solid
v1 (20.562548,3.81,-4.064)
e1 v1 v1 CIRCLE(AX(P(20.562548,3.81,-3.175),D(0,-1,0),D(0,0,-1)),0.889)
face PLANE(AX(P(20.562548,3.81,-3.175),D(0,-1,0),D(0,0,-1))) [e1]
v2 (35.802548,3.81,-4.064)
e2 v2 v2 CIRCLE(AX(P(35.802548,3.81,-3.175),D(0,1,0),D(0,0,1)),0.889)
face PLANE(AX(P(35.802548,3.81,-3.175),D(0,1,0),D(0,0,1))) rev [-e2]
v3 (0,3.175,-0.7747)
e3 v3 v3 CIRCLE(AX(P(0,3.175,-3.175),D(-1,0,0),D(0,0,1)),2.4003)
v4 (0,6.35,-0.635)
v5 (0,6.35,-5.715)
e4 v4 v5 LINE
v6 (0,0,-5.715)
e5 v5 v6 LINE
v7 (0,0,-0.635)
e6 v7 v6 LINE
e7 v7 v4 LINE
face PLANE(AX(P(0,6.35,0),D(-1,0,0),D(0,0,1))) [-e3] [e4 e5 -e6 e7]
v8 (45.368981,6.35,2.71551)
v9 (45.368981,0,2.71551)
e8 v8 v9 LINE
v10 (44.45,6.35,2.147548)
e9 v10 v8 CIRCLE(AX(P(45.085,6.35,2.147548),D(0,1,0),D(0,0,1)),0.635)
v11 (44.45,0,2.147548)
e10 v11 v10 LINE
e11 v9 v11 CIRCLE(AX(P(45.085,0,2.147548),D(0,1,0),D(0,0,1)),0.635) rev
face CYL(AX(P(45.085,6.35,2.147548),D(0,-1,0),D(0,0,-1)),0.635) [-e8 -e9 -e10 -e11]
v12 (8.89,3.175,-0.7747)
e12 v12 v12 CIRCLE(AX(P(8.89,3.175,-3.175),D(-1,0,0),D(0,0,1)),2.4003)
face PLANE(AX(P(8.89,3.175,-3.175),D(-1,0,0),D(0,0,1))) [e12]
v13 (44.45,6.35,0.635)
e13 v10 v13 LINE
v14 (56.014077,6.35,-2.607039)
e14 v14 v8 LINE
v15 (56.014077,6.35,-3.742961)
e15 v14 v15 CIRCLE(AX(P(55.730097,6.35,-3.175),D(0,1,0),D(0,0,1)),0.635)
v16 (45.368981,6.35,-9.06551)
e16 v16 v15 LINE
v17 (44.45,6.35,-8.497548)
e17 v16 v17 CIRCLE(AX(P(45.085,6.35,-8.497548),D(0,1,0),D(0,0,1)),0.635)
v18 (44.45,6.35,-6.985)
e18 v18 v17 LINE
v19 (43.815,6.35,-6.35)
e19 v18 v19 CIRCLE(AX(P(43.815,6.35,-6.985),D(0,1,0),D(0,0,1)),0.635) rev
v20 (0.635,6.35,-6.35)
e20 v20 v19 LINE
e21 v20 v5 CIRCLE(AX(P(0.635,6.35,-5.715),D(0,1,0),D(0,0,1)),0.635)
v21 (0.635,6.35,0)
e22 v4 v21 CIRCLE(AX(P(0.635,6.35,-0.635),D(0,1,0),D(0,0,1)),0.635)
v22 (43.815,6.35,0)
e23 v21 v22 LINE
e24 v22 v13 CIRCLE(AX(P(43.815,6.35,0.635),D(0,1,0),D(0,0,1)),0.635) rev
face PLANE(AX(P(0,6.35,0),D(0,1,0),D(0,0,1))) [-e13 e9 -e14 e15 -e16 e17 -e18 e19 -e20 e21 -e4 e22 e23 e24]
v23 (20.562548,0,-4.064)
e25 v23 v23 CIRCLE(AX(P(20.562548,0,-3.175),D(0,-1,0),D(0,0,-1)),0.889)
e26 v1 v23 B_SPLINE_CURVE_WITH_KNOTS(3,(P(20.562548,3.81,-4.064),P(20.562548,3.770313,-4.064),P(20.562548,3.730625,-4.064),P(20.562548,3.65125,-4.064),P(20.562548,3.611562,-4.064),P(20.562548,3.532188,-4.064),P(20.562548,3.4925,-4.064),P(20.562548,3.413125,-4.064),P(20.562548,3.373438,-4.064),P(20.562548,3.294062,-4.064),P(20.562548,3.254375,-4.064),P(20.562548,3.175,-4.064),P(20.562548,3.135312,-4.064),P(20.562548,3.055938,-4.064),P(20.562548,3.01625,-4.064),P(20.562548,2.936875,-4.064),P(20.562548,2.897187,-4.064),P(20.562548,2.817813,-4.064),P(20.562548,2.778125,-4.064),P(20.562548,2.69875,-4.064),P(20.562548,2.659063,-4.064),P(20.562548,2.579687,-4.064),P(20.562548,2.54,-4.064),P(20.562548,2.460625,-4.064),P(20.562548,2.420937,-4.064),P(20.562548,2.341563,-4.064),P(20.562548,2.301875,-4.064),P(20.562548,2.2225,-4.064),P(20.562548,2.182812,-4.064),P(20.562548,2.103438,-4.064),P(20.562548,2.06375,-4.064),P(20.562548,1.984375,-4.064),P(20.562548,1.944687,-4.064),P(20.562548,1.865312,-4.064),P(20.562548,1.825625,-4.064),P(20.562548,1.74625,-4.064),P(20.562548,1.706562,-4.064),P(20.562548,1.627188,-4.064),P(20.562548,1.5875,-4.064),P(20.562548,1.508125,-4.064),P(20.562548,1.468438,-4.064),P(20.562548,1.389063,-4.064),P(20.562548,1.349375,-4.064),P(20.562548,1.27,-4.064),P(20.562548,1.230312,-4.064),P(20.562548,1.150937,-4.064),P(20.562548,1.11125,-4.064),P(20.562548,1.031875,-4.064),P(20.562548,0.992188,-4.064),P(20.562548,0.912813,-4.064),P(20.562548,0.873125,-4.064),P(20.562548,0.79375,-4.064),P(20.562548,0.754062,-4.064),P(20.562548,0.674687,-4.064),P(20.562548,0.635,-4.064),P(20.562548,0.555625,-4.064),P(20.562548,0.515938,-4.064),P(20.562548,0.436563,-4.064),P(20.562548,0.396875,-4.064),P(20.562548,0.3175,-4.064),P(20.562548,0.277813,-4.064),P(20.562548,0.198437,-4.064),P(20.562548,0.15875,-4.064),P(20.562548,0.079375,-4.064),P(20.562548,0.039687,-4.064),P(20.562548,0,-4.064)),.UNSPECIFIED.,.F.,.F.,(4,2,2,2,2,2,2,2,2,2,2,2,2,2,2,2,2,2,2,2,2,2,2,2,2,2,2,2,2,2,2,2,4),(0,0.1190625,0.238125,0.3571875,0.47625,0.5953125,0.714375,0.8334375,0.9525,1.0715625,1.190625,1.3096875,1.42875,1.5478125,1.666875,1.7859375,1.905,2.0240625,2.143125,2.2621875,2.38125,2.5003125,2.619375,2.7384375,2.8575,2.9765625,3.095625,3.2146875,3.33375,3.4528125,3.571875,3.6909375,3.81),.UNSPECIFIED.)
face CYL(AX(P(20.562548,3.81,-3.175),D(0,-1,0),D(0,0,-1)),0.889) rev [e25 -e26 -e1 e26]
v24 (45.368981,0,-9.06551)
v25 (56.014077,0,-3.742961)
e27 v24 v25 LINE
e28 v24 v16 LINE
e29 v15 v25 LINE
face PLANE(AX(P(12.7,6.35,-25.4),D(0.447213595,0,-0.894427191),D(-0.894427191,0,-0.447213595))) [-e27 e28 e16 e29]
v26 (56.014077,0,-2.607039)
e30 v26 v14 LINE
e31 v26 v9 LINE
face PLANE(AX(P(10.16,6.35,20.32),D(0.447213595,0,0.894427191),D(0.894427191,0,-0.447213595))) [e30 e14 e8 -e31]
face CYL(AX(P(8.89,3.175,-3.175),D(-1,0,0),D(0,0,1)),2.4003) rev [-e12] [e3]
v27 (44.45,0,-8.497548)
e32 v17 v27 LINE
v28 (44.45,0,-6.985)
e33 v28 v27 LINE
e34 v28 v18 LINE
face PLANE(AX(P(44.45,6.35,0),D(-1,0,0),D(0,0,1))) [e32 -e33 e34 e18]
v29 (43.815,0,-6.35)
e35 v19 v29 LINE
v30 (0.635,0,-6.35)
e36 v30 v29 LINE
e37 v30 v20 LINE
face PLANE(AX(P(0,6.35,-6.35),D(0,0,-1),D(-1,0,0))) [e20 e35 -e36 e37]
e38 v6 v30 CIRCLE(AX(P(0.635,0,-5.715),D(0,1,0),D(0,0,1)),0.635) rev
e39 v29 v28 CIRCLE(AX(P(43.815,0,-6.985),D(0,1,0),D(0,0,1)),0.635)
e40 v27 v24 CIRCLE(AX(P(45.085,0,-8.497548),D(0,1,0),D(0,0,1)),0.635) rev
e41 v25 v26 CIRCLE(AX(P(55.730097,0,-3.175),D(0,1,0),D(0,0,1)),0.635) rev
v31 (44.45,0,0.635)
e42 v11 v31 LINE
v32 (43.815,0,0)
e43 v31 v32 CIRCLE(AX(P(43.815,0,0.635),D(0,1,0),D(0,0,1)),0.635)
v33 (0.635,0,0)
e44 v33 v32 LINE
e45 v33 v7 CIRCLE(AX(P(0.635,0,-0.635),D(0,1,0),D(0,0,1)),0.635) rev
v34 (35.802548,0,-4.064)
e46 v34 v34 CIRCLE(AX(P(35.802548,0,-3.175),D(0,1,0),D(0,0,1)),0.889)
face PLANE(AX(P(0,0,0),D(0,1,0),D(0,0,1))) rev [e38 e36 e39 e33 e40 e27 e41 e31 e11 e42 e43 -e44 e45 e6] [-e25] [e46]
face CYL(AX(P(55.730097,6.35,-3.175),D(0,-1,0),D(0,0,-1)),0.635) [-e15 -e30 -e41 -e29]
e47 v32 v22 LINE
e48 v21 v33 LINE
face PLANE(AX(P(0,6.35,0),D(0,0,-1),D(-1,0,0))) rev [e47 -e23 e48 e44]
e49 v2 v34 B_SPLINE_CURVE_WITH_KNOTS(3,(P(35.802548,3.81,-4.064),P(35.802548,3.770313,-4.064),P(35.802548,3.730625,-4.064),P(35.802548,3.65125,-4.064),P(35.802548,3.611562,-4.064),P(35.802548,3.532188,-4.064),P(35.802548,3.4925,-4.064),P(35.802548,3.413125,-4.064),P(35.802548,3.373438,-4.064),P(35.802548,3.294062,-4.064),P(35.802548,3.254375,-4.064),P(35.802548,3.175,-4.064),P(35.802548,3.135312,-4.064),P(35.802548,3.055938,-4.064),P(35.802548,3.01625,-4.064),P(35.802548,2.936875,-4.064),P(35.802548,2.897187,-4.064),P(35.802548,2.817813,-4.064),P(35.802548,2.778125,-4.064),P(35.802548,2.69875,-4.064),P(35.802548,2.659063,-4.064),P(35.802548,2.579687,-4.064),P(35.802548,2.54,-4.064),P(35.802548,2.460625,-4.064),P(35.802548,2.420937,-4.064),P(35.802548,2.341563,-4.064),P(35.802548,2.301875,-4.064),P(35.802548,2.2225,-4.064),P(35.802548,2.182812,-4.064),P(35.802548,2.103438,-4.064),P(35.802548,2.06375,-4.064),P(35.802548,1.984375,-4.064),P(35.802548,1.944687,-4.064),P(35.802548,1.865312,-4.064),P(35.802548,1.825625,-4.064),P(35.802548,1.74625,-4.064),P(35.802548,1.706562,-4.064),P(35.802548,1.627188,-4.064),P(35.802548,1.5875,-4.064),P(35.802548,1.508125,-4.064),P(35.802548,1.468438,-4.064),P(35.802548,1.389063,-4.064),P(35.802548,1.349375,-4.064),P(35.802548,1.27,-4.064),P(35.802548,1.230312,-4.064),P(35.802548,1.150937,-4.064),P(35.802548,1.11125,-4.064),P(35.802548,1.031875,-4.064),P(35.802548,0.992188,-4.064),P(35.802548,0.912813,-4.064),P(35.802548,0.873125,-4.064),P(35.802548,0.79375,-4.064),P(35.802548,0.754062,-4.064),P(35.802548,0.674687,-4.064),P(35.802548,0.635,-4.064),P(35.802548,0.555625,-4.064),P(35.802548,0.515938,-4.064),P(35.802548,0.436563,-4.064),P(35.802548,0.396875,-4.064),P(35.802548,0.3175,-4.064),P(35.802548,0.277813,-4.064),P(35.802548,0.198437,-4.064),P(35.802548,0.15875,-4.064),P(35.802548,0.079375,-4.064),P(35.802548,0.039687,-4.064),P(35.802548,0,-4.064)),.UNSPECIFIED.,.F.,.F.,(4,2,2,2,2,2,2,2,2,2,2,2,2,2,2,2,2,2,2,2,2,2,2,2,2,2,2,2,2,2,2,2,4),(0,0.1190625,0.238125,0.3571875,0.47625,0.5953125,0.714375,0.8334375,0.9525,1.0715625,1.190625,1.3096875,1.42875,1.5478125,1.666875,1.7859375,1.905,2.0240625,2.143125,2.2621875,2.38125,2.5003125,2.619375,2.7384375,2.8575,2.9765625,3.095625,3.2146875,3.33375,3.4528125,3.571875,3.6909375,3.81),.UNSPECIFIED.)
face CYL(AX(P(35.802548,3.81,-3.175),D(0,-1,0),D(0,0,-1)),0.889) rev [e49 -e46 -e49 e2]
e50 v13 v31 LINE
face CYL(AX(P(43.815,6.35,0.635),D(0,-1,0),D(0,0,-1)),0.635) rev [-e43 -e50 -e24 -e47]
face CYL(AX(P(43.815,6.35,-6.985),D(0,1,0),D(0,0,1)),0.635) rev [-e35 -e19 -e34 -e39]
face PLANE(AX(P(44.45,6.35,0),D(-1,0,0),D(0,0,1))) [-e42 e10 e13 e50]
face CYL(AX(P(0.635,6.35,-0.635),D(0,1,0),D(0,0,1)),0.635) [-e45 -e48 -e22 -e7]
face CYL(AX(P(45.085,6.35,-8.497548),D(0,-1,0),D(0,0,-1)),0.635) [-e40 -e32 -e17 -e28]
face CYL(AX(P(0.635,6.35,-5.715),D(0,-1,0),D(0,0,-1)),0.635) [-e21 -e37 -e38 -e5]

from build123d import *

# Parameters (mm, degrees)
SKETCH1_W           = 44.45
SKETCH1_H           = 3.175
BOSS_EXTRUDE1_DEPTH = 6.35
SKETCH2_R           = 2.4003
CUT_EXTRUDE1_DEPTH  = 8.89
FILLET1_R           = 0.635
SKETCH4_R           = 0.889
CUT_EXTRUDE2_DEPTH  = 3.81


with BuildPart() as part:
    # Sketch1 → Boss-Extrude1 (new body)
    with BuildSketch(Plane(origin=(0, 0, 0), x_dir=(1, 0, 0), z_dir=(0, 1, 0))):
        with Locations((22.225, 4.7625)):
            Rectangle(SKETCH1_W, SKETCH1_H)
        with Locations((22.225, 1.5875)):
            Rectangle(SKETCH1_W, SKETCH1_H)
        Polygon((44.45, 6.35), (44.45, 3.175), (57.15, 3.175), (44.45, 9.525), align=None)
        Polygon((57.15, 3.175), (44.45, 3.175), (44.45, 0), (44.45, -3.175), align=None)
    extrude(amount=BOSS_EXTRUDE1_DEPTH)

    # Sketch2 → Cut-Extrude1 (cut)
    with BuildSketch(Plane.ZY):
        with Locations((-3.175, 3.175)):
            Circle(SKETCH2_R)
    extrude(amount=-CUT_EXTRUDE1_DEPTH, mode=Mode.SUBTRACT)

    # Fillet1
    fillet1_edges = [part.edges().sort_by_distance(p)[0] for p in [
        (0, 3.175, -6.35),
        (44.45, 3.175, -6.35),
        (44.45, 3.175, -9.525),
        (57.15, 3.175, -3.175),
        (44.45, 3.175, 3.175),
        (44.45, 3.175, 0),
        (0, 3.175, 0),
    ]]
    fillet(fillet1_edges, radius=FILLET1_R)

    # Sketch4 → Cut-Extrude2 (cut)
    with BuildSketch(Plane.XZ):
        with Locations(Location((20.562548417, -3.175, 0), (0, 0, 270))):
            Circle(SKETCH4_R)
        with Locations(Location((35.802548417, -3.175, 0), (0, 0, 270))):
            Circle(SKETCH4_R)
    extrude(amount=-CUT_EXTRUDE2_DEPTH, mode=Mode.SUBTRACT)


solid = part.part
